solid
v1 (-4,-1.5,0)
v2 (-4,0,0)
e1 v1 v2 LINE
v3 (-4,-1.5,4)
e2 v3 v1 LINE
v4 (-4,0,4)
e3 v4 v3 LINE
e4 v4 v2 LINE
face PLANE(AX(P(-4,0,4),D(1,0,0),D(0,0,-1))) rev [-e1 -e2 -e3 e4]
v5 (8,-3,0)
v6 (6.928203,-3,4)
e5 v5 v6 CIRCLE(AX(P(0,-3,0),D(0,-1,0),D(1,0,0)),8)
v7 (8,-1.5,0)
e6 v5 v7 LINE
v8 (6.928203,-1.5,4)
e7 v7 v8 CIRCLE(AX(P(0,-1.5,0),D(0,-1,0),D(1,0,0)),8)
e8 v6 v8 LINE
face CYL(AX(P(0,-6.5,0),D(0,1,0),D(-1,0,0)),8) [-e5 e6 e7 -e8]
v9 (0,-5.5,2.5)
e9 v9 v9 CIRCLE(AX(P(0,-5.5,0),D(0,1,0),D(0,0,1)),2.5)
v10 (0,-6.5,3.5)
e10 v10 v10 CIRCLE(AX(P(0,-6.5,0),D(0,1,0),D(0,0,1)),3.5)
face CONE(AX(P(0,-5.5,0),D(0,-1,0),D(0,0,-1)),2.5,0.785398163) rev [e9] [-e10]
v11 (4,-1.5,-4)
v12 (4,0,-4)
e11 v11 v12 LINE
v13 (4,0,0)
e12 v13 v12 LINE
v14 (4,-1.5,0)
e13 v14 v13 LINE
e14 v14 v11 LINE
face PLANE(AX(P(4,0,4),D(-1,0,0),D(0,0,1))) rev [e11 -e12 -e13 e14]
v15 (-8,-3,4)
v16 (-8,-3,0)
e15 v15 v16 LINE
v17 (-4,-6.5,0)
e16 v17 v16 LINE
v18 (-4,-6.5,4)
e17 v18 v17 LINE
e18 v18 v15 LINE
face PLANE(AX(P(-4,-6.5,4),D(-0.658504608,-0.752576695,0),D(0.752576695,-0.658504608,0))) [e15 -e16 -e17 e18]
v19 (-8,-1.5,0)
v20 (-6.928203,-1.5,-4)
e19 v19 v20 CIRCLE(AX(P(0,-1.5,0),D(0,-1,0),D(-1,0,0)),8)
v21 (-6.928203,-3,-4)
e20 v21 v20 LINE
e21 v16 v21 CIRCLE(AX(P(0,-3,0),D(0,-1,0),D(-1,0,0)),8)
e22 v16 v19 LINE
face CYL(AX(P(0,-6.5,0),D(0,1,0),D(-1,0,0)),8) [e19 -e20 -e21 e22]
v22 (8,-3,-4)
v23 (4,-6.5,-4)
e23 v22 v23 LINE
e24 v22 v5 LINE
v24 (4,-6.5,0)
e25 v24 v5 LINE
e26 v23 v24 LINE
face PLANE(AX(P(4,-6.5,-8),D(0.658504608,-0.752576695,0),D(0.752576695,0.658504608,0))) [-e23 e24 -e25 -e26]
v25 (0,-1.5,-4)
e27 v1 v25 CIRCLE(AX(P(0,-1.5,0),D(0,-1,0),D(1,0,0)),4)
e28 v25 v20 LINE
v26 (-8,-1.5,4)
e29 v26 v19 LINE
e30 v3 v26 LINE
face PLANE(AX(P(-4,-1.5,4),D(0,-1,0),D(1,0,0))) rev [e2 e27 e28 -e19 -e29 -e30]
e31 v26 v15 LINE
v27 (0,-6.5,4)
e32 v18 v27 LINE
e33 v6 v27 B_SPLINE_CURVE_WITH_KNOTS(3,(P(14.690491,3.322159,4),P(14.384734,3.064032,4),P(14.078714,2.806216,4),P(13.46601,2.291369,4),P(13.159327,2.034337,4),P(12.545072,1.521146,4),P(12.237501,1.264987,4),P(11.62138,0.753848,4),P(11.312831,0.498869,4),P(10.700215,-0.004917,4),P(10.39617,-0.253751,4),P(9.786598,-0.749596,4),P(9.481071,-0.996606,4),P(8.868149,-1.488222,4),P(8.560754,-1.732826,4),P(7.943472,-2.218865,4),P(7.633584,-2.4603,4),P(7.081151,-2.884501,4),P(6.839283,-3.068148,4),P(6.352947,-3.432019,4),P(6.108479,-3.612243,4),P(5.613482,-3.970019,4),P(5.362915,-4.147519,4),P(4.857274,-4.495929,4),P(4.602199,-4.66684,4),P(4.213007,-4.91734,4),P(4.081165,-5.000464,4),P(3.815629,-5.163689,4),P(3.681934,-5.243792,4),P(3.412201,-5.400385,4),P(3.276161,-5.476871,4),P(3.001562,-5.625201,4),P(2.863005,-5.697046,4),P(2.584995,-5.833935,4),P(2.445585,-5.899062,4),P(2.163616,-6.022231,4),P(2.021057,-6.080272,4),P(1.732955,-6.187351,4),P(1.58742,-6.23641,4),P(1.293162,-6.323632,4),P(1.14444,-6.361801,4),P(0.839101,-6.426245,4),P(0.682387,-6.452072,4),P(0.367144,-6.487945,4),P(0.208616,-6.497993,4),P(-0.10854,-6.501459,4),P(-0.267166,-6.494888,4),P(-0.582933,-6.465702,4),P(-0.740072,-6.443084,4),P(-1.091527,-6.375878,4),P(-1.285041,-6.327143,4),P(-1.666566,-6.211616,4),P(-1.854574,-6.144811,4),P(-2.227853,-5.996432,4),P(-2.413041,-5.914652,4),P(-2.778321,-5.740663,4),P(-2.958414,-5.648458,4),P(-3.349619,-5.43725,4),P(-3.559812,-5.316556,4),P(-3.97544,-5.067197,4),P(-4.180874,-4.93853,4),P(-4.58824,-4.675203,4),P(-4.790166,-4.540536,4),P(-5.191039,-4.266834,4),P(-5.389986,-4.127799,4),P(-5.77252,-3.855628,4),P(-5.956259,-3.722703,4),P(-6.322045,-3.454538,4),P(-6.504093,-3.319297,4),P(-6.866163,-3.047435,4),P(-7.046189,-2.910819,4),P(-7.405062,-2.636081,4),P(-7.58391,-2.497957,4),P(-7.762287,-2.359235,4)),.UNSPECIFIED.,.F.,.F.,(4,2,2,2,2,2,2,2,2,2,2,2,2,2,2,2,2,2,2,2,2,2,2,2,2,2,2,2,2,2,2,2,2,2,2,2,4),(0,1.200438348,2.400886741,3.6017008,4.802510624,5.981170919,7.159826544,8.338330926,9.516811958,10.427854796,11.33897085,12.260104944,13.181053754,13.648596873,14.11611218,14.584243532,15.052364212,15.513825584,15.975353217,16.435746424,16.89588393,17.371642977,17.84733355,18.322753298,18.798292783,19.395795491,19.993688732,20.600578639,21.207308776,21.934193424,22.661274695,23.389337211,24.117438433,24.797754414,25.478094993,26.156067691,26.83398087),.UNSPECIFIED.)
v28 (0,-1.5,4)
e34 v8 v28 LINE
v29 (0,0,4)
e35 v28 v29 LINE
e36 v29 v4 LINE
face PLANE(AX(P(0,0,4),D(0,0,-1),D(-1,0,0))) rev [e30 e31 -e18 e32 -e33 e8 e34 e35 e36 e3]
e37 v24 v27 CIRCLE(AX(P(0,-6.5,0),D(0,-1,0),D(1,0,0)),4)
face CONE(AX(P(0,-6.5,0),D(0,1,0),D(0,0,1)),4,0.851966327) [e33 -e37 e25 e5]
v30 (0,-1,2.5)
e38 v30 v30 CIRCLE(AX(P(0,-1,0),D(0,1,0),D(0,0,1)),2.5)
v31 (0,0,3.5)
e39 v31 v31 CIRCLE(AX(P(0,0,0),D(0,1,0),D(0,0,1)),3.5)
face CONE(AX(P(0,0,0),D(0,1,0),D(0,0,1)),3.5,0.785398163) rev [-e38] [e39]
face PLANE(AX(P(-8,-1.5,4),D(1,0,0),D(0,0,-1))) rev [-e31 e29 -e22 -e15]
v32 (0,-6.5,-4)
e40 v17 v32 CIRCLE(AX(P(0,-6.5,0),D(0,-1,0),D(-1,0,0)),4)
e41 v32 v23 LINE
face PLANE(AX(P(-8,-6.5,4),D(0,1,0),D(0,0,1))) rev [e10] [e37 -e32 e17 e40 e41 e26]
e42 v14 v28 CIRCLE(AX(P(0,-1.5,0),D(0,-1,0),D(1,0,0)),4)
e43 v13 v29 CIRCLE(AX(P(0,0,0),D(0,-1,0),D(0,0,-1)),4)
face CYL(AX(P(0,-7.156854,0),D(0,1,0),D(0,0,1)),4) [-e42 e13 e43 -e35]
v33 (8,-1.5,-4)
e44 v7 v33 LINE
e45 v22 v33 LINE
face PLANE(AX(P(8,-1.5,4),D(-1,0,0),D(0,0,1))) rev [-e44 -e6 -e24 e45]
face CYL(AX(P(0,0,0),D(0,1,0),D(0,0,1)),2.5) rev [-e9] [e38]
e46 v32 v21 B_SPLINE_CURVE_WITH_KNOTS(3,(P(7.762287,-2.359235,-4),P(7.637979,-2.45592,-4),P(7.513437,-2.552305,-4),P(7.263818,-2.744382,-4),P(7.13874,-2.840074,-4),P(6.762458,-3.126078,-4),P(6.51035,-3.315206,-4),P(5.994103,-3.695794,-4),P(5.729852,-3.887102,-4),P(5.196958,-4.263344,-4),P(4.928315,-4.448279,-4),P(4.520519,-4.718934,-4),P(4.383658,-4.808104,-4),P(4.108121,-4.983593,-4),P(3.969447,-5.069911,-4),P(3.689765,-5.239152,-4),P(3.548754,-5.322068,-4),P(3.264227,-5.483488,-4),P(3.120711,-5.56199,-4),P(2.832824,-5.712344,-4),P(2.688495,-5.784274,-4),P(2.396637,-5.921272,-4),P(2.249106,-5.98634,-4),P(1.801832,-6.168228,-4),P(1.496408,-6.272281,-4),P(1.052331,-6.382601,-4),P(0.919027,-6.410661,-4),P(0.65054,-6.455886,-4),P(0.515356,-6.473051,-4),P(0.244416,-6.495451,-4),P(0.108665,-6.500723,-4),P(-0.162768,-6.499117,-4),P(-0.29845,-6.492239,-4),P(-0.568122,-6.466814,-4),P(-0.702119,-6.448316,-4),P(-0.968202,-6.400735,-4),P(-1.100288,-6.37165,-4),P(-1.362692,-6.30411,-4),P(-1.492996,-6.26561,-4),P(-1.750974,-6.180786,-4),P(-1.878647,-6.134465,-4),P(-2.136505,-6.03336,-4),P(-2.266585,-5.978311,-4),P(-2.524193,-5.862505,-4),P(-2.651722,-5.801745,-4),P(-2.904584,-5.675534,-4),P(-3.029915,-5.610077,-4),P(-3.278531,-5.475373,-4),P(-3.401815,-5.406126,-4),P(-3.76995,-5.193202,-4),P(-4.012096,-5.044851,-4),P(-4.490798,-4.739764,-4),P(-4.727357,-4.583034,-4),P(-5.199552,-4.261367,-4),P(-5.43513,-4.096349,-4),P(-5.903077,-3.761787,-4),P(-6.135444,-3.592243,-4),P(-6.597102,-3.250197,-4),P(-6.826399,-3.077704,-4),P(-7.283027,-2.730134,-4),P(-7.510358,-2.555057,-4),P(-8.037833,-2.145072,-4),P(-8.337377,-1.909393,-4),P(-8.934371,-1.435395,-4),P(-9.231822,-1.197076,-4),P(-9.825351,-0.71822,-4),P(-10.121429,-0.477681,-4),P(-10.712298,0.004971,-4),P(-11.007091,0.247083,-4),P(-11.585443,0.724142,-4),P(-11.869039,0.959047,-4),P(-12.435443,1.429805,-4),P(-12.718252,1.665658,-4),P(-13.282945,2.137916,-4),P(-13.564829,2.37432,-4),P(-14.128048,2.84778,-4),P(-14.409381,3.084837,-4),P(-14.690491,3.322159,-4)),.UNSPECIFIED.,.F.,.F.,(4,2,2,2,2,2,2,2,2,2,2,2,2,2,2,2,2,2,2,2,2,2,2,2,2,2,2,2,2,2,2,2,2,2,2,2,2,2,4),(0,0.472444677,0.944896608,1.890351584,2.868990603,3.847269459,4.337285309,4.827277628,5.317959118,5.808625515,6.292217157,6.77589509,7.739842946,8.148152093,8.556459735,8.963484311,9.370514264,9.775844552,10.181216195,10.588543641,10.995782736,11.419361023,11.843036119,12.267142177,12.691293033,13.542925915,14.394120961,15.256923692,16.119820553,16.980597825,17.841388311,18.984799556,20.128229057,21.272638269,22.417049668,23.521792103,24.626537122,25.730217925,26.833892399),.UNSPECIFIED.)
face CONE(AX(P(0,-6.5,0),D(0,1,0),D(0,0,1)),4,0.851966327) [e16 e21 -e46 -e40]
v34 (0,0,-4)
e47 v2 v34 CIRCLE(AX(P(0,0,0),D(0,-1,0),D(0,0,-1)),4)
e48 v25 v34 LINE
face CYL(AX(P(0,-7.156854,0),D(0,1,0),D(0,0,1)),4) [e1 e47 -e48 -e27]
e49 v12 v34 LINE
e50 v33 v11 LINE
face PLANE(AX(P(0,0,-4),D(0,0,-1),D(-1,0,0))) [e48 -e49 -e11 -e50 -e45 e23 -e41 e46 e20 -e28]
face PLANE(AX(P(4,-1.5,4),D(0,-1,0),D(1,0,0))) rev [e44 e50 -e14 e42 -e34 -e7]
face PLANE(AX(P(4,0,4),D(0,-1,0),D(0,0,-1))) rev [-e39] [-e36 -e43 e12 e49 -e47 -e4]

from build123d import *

# Parameters (mm, degrees)
EXTRUDE_1_DEPTH     = 4
CUT_EXTRUDE_1_DEPTH = 1.5
CUT_EXTRUDE_2_DEPTH = 6


with BuildPart() as part:
    # Эскиз1 → Бобышка-Вытянуть1 (new body, symmetric)
    with BuildSketch(Plane.XY):
        Polygon((4, 0), (-4, 0), (-4, -1.5), (-8, -1.5), (-8, -6.5), (8, -6.5), (8, -1.5), (4, -1.5), align=None)
    extrude(amount=EXTRUDE_1_DEPTH, both=True)

    # Эскиз3 → Отверстие обработанное метчиком M61 (revolve, cut)
    with BuildSketch(Plane(origin=(0, 0, 0), x_dir=(0, 0, 1), z_dir=(1, 0, 0))):
        Polygon((0, 0), (0, 6.5), (3.5, 6.5), (2.5, 5.5), (2.5, 1), (3.5, 0), align=None)
    revolve(axis=Axis((0, 6.35, 0), (0, -1, 0)), mode=Mode.SUBTRACT)

    # Эскиз4 → Вырез-Вытянуть1 (cut)
    with BuildSketch(Plane(origin=(0, 0, 0), x_dir=(1, 0, 0), z_dir=(0, 1, 0))):
        with BuildLine():
            Line((-4, 4), (-4, 0))
            ThreePointArc((-4, 0), (-2.828427125, 2.828427125), (0, 4))
            Line((0, 4), (-4, 4))
        make_face()
        with BuildLine():
            Line((0, -4), (4, -4))
            Line((4, -4), (4, 0))
            ThreePointArc((4, 0), (2.828427125, -2.828427125), (0, -4))
        make_face()
    extrude(amount=-CUT_EXTRUDE_1_DEPTH, mode=Mode.SUBTRACT)

    # Эскиз5 → Вырез-Вытянуть2 (cut, through all)
    with BuildSketch(Plane(origin=(0, -1.5, 0), x_dir=(1, 0, 0), z_dir=(0, 1, 0))):
        with BuildLine():
            Line((-8, 0), (-8, 4))
            Line((-8, 4), (-6.92820323, 4))
            ThreePointArc((-6.92820323, 4), (-7.72740661, 2.070552361), (-8, 0))
        make_face()
        with BuildLine():
            Line((8, 0), (8, -4))
            Line((8, -4), (6.92820323, -4))
            ThreePointArc((6.92820323, -4), (7.72740661, -2.070552361), (8, 0))
        make_face()
    extrude(amount=-CUT_EXTRUDE_2_DEPTH, mode=Mode.SUBTRACT)

    # Вырез-По траектории1: sweep along a path in Эскиз7
    with BuildLine(Plane.XZ.offset(6.5)) as sweep_1_path:
        Line((0, 8), (-8, 8))
        Line((-8, 8), (-8, 0))
        ThreePointArc((-8, 0), (-5.656854249, -5.656854249), (0, -8))
        Line((0, -8), (8, -8))
        Line((8, -8), (8, 0))
        ThreePointArc((8, 0), (5.656854249, 5.656854249), (0, 8))
    # Эскиз6 → Вырез-По траектории1 (sweep, cut)
    with BuildSketch(Plane.XY.offset(4)):
        Polygon((-8, -3), (-8, -6.5), (-4, -6.5), align=None)
    sweep(path=sweep_1_path.line, transition=Transition.RIGHT, mode=Mode.SUBTRACT)


solid = part.part
